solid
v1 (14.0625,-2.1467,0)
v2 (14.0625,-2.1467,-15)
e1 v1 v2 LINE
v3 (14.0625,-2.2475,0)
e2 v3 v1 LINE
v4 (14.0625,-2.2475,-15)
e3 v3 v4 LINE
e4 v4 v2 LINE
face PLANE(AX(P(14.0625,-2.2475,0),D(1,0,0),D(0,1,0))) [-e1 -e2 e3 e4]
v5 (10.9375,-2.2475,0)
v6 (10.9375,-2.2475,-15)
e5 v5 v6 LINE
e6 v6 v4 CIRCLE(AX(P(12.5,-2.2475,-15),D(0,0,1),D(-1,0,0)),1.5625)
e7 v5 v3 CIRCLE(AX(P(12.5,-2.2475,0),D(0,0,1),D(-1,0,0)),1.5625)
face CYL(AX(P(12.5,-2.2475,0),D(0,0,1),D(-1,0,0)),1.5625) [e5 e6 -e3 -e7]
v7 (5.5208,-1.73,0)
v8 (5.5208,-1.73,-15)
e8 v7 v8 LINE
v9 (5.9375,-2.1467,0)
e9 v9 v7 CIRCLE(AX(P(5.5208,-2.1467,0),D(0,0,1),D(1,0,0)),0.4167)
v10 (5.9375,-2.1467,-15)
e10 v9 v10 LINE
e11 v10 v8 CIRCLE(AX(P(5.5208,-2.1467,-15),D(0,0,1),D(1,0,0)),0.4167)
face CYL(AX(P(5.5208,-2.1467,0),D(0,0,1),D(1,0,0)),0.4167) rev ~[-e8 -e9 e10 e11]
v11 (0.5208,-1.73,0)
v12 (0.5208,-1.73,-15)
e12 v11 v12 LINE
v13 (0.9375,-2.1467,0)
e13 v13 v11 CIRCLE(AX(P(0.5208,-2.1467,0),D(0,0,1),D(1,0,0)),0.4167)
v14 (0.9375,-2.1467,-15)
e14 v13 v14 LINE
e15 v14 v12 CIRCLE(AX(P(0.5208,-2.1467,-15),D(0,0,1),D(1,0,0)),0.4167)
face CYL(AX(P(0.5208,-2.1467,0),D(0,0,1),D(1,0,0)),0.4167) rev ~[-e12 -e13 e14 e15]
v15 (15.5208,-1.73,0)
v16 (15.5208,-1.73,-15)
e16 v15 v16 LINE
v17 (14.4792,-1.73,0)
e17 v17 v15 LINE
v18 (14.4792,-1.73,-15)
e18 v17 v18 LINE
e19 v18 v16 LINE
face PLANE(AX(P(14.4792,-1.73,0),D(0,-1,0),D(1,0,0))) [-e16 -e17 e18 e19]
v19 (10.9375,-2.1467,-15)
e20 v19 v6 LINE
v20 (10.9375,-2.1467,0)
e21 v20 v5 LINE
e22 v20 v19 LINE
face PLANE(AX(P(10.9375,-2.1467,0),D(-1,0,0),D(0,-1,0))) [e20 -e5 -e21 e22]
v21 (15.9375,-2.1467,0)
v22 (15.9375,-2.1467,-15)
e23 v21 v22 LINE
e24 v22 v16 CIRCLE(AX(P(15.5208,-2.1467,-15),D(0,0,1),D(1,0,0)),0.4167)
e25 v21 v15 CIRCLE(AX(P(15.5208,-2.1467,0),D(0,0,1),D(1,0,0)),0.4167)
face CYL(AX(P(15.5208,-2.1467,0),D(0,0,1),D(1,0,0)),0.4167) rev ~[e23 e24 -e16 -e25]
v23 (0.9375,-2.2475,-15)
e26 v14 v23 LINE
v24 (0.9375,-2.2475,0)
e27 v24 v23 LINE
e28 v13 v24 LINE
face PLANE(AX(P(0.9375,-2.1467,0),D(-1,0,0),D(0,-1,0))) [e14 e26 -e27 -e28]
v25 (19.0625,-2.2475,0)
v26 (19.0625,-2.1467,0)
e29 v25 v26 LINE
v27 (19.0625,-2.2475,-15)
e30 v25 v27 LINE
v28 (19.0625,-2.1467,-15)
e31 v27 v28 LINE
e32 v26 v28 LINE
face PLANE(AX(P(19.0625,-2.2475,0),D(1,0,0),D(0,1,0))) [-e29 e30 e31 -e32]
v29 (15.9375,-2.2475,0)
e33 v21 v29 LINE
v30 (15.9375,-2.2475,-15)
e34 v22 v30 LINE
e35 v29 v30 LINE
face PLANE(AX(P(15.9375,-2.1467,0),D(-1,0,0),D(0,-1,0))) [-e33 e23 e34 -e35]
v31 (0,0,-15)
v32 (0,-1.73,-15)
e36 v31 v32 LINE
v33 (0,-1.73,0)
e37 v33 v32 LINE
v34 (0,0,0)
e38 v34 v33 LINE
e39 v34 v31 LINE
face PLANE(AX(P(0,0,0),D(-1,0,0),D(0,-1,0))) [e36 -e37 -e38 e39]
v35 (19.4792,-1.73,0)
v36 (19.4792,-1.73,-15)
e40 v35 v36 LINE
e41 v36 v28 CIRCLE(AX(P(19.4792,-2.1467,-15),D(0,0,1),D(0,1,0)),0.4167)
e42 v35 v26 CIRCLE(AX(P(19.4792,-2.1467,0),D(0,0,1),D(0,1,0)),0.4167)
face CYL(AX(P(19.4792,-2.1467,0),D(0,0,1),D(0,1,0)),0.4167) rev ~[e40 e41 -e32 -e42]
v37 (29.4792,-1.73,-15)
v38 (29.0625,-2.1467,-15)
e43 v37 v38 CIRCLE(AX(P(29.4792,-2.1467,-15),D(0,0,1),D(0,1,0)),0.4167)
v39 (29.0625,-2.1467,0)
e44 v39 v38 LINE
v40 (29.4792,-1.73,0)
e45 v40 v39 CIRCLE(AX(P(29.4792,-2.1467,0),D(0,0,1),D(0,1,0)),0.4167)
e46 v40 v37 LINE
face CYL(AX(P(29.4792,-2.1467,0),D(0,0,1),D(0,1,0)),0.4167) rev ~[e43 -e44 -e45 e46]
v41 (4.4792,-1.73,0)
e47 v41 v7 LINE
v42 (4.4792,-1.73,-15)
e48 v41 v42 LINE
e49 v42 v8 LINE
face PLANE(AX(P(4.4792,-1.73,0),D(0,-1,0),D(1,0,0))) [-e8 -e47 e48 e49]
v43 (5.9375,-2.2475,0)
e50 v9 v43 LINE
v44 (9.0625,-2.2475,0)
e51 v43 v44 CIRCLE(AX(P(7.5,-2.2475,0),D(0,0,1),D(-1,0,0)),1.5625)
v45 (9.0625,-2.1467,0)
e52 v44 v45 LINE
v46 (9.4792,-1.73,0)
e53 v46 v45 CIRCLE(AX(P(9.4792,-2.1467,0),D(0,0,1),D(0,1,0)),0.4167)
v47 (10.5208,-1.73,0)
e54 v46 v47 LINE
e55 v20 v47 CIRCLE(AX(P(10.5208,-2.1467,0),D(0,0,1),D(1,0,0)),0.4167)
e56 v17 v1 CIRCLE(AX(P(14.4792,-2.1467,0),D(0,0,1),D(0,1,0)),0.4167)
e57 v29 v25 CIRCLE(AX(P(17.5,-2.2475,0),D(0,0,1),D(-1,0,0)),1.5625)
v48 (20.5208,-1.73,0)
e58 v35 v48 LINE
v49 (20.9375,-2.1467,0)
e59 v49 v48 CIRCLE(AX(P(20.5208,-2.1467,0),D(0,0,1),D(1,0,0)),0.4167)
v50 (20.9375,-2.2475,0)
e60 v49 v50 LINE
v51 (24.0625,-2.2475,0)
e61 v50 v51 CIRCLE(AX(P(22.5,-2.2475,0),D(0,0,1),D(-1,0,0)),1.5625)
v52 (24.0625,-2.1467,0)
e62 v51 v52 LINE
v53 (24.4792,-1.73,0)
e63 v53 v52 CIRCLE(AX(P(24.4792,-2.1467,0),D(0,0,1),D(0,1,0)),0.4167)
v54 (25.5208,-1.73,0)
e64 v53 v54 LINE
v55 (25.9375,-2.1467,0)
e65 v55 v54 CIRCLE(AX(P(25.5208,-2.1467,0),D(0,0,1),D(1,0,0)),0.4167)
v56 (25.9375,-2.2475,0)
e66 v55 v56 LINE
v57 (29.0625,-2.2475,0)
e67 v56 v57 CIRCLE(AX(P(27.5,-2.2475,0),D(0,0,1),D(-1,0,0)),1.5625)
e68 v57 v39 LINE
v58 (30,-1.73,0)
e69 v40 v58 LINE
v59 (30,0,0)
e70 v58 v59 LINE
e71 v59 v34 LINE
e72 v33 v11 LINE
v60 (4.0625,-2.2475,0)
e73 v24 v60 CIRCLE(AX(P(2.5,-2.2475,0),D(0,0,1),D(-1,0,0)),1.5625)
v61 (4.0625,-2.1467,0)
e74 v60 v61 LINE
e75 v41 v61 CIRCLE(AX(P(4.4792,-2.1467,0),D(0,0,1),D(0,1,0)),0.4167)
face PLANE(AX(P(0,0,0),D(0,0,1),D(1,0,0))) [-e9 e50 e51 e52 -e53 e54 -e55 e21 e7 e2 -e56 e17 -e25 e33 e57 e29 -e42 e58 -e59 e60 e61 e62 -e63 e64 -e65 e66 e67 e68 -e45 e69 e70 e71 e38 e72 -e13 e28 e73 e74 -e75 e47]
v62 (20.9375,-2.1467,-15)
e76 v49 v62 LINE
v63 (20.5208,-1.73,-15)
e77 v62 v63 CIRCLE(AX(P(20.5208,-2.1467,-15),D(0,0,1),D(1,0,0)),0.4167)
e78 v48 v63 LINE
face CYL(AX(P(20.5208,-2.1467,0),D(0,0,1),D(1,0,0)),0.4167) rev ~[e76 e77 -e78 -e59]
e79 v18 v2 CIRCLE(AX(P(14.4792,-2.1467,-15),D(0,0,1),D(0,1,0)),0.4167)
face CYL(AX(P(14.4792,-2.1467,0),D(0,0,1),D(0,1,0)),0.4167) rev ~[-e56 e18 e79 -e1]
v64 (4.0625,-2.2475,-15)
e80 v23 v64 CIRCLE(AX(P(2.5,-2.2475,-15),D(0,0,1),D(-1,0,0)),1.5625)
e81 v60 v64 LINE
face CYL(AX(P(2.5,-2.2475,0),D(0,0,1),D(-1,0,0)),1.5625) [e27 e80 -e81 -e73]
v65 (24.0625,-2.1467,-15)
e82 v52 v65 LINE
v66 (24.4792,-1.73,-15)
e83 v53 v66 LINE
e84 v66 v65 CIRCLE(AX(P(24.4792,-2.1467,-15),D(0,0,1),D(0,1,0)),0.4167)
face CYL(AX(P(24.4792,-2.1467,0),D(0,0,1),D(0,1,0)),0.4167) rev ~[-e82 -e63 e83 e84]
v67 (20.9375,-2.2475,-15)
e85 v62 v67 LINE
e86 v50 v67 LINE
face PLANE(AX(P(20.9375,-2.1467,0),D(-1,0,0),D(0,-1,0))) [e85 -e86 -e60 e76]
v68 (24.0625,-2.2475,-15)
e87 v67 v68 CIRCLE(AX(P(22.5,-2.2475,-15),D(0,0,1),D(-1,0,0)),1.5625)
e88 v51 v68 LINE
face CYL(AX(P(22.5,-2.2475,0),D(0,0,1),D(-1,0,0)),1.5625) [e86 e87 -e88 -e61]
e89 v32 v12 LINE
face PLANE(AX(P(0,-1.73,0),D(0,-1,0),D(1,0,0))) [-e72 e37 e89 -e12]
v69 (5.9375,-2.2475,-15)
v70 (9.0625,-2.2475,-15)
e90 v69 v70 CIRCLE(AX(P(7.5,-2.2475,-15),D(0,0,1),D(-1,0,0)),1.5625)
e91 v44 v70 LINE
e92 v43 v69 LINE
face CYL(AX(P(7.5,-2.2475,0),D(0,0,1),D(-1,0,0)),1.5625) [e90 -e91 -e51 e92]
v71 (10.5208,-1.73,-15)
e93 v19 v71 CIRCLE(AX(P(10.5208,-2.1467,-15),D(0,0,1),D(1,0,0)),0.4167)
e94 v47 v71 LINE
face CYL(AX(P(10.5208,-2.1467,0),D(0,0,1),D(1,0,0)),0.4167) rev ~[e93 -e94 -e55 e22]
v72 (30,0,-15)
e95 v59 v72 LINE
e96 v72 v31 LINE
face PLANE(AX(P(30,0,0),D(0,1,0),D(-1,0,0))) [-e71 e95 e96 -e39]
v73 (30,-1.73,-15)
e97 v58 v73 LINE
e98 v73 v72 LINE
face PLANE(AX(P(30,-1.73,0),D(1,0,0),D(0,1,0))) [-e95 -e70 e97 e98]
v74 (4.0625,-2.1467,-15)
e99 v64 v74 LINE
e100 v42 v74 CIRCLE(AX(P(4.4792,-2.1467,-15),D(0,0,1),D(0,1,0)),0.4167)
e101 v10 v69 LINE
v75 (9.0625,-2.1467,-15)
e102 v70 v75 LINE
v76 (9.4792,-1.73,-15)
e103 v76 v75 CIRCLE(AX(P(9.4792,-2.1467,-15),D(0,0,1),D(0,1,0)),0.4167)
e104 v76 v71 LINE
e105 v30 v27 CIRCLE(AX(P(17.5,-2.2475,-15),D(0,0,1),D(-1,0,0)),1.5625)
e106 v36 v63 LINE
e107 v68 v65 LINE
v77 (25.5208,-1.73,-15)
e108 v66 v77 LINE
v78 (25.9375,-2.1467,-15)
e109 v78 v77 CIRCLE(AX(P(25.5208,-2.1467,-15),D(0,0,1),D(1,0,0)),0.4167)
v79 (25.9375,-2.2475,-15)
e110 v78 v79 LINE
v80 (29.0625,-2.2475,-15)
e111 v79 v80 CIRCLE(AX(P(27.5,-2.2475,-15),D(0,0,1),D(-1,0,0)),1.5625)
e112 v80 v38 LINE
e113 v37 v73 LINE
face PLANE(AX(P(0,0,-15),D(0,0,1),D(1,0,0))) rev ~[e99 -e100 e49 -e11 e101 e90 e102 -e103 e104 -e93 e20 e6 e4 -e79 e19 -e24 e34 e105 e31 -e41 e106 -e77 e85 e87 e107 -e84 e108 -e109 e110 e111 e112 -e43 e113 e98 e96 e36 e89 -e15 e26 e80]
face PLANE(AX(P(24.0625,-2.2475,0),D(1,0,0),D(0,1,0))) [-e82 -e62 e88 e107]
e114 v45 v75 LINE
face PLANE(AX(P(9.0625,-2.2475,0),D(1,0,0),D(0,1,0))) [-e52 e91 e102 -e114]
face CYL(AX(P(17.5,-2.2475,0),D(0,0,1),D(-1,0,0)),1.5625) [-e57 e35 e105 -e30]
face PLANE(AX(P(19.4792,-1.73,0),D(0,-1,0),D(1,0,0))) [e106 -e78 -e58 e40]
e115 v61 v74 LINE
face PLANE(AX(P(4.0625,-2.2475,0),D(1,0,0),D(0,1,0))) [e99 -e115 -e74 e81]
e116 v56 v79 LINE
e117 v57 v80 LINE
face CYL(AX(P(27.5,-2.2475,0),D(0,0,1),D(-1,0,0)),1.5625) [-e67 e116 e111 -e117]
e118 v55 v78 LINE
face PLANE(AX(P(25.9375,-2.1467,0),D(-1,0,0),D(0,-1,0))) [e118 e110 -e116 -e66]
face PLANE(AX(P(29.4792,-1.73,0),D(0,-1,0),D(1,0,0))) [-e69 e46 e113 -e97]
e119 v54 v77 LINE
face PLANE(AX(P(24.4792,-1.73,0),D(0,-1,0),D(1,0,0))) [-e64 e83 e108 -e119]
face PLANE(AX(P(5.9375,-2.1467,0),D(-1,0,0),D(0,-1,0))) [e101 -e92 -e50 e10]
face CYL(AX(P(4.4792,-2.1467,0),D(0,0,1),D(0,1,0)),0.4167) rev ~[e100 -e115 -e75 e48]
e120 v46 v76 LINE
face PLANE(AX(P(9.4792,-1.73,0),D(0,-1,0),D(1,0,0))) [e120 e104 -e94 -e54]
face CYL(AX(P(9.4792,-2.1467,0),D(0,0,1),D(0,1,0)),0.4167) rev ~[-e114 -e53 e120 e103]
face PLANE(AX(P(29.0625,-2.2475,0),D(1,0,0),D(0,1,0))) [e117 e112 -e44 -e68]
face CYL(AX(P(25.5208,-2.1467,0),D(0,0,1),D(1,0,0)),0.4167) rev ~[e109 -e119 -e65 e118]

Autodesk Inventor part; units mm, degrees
ref_plane "YZ Plane" through (0, 0, 0) normal (1, 0, 0) x (0, 1, 0)
ref_plane "XZ Plane" through (0, 0, 0) normal (0, 1, 0) x (-1, 0, 0)
ref_plane "XY Plane" through (0, 0, 0) normal (0, 0, 1) x (1, 0, 0)
sketch "Sketch1" plane through (0, 0, 0) normal (0, 0, 1) x (1, 0, 0)
  line L0 (0.9375, -2.1467) -> (0.9375, -2.2475)
  arc A0 (0.9375, -2.2475) -> (4.0625, -2.2475) centre (2.5, -2.2475) ccw
  line L1 (4.0625, -2.2475) -> (4.0625, -2.1467)
  arc A1 (4.4792, -1.73) -> (4.0625, -2.1467) centre (4.4792, -2.1467) ccw
  line L2 (4.4792, -1.73) -> (5.5208, -1.73)
  arc A2 (5.9375, -2.1467) -> (5.5208, -1.73) centre (5.5208, -2.1467) ccw
  line L3 (5.9375, -2.1467) -> (5.9375, -2.2475)
  arc A3 (5.9375, -2.2475) -> (9.0625, -2.2475) centre (7.5, -2.2475) ccw
  line L4 (9.0625, -2.2475) -> (9.0625, -2.1467)
  arc A4 (9.4792, -1.73) -> (9.0625, -2.1467) centre (9.4792, -2.1467) ccw
  line L5 (9.4792, -1.73) -> (10.5208, -1.73)
  arc A5 (10.9375, -2.1467) -> (10.5208, -1.73) centre (10.5208, -2.1467) ccw
  line L6 (10.9375, -2.1467) -> (10.9375, -2.2475)
  arc A6 (10.9375, -2.2475) -> (14.0625, -2.2475) centre (12.5, -2.2475) ccw
  line L7 (14.0625, -2.2475) -> (14.0625, -2.1467)
  arc A7 (14.4792, -1.73) -> (14.0625, -2.1467) centre (14.4792, -2.1467) ccw
  line L8 (14.4792, -1.73) -> (15.5208, -1.73)
  arc A8 (15.9375, -2.1467) -> (15.5208, -1.73) centre (15.5208, -2.1467) ccw
  line L9 (15.9375, -2.1467) -> (15.9375, -2.2475)
  arc A9 (15.9375, -2.2475) -> (19.0625, -2.2475) centre (17.5, -2.2475) ccw
  line L10 (19.0625, -2.2475) -> (19.0625, -2.1467)
  arc A10 (19.4792, -1.73) -> (19.0625, -2.1467) centre (19.4792, -2.1467) ccw
  line L11 (19.4792, -1.73) -> (20.5208, -1.73)
  arc A11 (20.9375, -2.1467) -> (20.5208, -1.73) centre (20.5208, -2.1467) ccw
  line L12 (20.9375, -2.1467) -> (20.9375, -2.2475)
  arc A12 (20.9375, -2.2475) -> (24.0625, -2.2475) centre (22.5, -2.2475) ccw
  line L13 (24.0625, -2.2475) -> (24.0625, -2.1467)
  arc A13 (24.4792, -1.73) -> (24.0625, -2.1467) centre (24.4792, -2.1467) ccw
  line L14 (24.4792, -1.73) -> (25.5208, -1.73)
  arc A14 (25.9375, -2.1467) -> (25.5208, -1.73) centre (25.5208, -2.1467) ccw
  line L15 (25.9375, -2.1467) -> (25.9375, -2.2475)
  arc A15 (25.9375, -2.2475) -> (29.0625, -2.2475) centre (27.5, -2.2475) ccw
  line L16 (29.0625, -2.2475) -> (29.0625, -2.1467)
  arc A16 (29.4792, -1.73) -> (29.0625, -2.1467) centre (29.4792, -2.1467) ccw
  line L17 (29.4792, -1.73) -> (30, -1.73)
  line L18 (30, -1.73) -> (30, 0)
  line L19 (30, 0) -> (0, 0)
  line L20 (0, 0) -> (0, -1.73)
  line L21 (0, -1.73) -> (0.5208, -1.73)
  arc A17 (0.9375, -2.1467) -> (0.5208, -1.73) centre (0.5208, -2.1467) ccw
  point P0 (25, 0)
extrude "Extrusion1" add sketch "Sketch1" against normal blind 15
properties part number "520-5M-15" material "Nylon 6/6"
